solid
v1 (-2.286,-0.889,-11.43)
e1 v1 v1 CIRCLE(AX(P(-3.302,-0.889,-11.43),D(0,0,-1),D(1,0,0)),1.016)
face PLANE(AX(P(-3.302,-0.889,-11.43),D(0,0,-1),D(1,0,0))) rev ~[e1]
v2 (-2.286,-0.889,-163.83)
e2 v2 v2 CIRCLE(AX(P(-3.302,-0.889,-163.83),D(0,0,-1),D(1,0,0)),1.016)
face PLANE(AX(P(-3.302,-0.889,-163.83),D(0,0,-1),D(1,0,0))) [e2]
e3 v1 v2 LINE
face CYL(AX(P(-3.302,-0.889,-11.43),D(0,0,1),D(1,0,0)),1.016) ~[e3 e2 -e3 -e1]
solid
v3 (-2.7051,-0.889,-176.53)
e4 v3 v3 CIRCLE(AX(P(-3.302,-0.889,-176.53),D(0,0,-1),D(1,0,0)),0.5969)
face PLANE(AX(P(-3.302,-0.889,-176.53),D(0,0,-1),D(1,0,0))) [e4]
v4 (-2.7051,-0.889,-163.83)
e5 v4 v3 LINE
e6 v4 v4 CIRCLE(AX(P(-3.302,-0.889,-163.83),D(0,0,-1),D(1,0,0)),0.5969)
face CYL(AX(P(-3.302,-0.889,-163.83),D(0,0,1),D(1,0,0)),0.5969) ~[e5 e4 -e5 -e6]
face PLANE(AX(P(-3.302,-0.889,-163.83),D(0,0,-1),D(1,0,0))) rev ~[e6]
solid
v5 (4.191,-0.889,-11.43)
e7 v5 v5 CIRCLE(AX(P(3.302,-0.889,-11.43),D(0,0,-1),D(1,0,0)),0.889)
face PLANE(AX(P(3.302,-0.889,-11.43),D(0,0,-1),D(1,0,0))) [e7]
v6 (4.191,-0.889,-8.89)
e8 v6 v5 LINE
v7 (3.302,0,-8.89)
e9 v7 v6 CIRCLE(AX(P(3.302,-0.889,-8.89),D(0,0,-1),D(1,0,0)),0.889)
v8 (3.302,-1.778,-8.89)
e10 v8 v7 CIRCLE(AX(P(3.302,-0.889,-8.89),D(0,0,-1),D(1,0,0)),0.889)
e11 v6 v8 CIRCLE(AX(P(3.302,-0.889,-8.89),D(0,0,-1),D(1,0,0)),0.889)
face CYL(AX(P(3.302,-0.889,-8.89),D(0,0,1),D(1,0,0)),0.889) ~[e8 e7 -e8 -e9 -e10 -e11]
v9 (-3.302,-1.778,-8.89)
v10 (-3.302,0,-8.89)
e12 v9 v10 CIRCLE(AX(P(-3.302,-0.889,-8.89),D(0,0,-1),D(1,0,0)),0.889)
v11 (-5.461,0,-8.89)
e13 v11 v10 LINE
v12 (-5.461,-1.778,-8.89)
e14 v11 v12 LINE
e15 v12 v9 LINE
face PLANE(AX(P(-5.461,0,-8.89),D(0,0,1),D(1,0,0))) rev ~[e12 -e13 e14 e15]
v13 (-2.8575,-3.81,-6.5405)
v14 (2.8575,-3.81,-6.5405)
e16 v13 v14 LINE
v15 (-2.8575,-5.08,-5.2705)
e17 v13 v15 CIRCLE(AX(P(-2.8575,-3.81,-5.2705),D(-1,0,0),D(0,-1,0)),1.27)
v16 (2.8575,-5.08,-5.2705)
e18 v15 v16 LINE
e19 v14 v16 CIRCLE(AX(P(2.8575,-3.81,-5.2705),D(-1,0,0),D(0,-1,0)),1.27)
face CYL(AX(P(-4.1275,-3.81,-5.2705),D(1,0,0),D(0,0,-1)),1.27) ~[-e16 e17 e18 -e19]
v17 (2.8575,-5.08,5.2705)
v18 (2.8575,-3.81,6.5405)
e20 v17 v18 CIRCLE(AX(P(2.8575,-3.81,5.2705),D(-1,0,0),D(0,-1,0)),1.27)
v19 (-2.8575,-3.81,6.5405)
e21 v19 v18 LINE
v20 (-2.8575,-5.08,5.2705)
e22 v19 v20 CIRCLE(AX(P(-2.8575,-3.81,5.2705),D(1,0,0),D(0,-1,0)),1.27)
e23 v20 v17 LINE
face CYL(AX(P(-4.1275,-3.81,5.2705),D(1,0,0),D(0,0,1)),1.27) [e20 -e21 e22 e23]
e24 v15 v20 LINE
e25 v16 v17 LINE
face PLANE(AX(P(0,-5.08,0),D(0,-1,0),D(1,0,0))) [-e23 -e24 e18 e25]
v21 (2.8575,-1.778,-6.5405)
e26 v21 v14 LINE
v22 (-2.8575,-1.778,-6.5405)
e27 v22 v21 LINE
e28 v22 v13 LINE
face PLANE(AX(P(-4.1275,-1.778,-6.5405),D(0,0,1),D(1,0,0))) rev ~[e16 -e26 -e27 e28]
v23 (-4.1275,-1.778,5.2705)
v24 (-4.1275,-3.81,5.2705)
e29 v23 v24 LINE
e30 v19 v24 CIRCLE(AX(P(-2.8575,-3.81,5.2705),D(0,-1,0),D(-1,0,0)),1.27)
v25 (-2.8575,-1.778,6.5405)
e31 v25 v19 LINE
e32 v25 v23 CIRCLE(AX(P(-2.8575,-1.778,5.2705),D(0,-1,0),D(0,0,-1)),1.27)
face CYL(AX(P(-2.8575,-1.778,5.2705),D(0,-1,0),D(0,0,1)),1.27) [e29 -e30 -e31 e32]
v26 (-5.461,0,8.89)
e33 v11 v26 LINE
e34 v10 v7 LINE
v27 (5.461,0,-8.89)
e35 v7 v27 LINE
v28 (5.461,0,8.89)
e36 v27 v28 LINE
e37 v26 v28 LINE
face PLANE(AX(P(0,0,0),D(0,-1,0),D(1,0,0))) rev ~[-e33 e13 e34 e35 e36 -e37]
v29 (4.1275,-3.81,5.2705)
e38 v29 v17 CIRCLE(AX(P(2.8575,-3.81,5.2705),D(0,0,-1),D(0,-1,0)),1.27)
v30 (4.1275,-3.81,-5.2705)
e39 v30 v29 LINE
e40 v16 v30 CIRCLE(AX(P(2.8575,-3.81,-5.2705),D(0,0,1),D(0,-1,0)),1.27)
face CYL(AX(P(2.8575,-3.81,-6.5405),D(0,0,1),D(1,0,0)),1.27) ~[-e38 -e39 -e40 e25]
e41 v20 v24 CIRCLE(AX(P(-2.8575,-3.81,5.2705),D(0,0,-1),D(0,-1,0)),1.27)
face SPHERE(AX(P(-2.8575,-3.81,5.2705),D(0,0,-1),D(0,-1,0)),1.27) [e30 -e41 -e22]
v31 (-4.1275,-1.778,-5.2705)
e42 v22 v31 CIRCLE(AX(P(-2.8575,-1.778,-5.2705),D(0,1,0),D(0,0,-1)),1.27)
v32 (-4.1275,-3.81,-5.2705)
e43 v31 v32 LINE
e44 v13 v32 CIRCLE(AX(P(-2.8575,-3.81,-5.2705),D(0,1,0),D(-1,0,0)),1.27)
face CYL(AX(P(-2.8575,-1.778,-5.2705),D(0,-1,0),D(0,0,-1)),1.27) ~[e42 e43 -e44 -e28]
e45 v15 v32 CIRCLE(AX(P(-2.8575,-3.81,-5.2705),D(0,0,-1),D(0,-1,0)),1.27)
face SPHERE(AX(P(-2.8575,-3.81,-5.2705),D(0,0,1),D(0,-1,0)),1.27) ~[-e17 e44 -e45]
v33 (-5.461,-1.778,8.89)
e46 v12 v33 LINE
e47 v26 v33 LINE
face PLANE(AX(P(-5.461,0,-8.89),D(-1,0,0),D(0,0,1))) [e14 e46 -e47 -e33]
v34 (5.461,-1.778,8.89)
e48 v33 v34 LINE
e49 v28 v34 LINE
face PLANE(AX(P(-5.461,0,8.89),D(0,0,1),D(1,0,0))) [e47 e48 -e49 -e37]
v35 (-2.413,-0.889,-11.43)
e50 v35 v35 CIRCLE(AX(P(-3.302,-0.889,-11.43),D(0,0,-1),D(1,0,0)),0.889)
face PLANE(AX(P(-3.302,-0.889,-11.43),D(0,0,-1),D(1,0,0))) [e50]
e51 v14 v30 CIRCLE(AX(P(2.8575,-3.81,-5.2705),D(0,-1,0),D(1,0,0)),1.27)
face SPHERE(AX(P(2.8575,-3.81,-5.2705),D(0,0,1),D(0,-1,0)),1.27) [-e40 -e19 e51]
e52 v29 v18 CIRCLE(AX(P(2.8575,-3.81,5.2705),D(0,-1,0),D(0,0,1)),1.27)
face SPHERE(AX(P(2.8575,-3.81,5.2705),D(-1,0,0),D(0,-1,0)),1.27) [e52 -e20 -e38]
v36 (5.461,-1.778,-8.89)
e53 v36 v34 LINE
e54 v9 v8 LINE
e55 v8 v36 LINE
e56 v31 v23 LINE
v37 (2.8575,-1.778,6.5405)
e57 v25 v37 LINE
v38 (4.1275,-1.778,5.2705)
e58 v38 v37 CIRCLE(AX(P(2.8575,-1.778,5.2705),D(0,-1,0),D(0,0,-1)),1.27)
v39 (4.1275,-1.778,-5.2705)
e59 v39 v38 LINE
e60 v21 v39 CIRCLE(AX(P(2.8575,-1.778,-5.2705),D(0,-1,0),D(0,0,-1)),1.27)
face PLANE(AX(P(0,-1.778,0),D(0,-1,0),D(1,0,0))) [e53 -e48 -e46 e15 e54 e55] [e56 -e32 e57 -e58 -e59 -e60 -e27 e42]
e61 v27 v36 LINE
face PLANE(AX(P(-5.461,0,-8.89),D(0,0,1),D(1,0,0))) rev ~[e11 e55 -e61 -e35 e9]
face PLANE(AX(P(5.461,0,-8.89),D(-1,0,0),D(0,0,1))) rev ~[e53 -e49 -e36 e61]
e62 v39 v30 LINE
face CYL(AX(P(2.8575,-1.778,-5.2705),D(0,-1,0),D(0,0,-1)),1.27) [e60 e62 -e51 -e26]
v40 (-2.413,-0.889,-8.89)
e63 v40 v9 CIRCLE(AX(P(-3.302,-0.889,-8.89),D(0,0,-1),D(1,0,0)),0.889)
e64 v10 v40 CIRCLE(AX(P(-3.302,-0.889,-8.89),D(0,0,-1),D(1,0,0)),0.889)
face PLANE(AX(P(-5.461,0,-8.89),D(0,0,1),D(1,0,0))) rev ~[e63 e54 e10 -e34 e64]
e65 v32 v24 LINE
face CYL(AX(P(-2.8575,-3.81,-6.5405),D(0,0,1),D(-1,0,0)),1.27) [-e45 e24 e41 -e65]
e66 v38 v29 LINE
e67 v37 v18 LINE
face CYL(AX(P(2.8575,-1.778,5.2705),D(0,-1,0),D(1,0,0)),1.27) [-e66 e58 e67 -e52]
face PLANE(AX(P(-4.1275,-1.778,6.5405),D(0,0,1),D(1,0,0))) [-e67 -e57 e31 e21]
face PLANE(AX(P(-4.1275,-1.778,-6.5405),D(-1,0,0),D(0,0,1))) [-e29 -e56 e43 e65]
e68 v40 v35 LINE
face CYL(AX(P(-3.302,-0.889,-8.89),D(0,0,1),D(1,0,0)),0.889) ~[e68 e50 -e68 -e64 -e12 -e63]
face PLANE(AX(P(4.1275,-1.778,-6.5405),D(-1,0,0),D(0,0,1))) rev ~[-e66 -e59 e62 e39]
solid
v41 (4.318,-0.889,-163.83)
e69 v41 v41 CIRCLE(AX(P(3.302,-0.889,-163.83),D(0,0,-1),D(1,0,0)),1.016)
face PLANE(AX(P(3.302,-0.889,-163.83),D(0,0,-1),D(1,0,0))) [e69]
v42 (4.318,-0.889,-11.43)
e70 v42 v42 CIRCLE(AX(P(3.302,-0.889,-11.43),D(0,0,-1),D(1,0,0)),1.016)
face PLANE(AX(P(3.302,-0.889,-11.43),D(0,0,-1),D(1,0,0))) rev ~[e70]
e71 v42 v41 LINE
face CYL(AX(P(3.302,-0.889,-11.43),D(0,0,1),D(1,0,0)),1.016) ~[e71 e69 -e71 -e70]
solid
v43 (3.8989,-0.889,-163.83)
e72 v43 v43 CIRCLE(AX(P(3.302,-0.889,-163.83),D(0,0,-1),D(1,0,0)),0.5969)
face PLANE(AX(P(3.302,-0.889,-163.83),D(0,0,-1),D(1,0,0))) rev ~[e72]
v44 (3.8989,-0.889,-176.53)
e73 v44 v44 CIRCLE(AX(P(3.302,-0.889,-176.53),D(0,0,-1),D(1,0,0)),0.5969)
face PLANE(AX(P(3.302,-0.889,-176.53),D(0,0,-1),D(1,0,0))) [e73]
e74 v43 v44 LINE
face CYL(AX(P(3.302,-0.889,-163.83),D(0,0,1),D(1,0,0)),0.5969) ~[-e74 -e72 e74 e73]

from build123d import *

# Parameters (mm, degrees)
F0_W      = 10.922
F0_H      = 17.78
F1_DEPTH  = 1.778
F2_W      = 8.255
F2_H      = 13.081
F3_DEPTH  = 3.302
F4_R      = 1.27
F5_R      = 0.889
F6_DEPTH  = 2.54
F7_R      = 1.016
F8_DEPTH  = 152.4
F9_R      = 1.016
F10_DEPTH = 152.4
F11_R     = 0.5969
F12_DEPTH = 12.7
F13_R     = 0.5969
F14_DEPTH = 12.7


with BuildPart() as f1:
    # F0 (on Front) → F1 (new body)
    with BuildSketch(Plane.XZ):
        Rectangle(F0_W, F0_H)
    extrude(amount=F1_DEPTH)

    # F2 (on face) → F3 (join)
    with BuildSketch(Plane.XZ.offset(1.778)):
        Rectangle(F2_W, F2_H)
    extrude(amount=F3_DEPTH)

    # F4
    f4_edges = [f1.edges().sort_by_distance(p)[0] for p in [
        (-4.1275, -5.08, 0),
        (0, -5.08, 6.5405),
        (4.1275, -5.08, 0),
        (0, -5.08, -6.5405),
        (-4.1275, -3.429, -6.5405),
        (-4.1275, -3.429, 6.5405),
        (4.1275, -3.429, 6.5405),
        (4.1275, -3.429, -6.5405),
    ]]
    fillet(f4_edges, radius=F4_R)

    # F5 (on face) → F6 (join)
    with BuildSketch(Plane(origin=(0, 0, -8.89), x_dir=(1, 0, 0), z_dir=(0, 0, -1))):
        with Locations((-3.302, 0.889)):
            Circle(F5_R)
        with Locations((3.302, 0.889)):
            Circle(F5_R)
    extrude(amount=F6_DEPTH)


with BuildPart() as f8:
    # F7 (on face) → F8 (new body)
    with BuildSketch(Plane(origin=(0, 0, -11.43), x_dir=(1, 0, 0), z_dir=(0, 0, -1))):
        with Locations((-3.302, 0.889)):
            Circle(F7_R)
    extrude(amount=F8_DEPTH)


with BuildPart() as f10:
    # F9 (on face) → F10 (new body)
    with BuildSketch(Plane(origin=(0, 0, -11.43), x_dir=(1, 0, 0), z_dir=(0, 0, -1))):
        with Locations((3.302, 0.889)):
            Circle(F9_R)
    extrude(amount=F10_DEPTH)


with BuildPart() as f12:
    # F11 (on face) → F12 (new body)
    with BuildSketch(Plane(origin=(0, 0, -163.83), x_dir=(1, 0, 0), z_dir=(0, 0, -1))):
        with Locations((-3.302, 0.889)):
            Circle(F11_R)
    extrude(amount=F12_DEPTH)


with BuildPart() as f14:
    # F13 (on face) → F14 (new body)
    with BuildSketch(Plane(origin=(0, 0, -163.83), x_dir=(1, 0, 0), z_dir=(0, 0, -1))):
        with Locations((3.302, 0.889)):
            Circle(F13_R)
    extrude(amount=F14_DEPTH)


solid = Compound([f1.part, f8.part, f10.part, f12.part, f14.part])
